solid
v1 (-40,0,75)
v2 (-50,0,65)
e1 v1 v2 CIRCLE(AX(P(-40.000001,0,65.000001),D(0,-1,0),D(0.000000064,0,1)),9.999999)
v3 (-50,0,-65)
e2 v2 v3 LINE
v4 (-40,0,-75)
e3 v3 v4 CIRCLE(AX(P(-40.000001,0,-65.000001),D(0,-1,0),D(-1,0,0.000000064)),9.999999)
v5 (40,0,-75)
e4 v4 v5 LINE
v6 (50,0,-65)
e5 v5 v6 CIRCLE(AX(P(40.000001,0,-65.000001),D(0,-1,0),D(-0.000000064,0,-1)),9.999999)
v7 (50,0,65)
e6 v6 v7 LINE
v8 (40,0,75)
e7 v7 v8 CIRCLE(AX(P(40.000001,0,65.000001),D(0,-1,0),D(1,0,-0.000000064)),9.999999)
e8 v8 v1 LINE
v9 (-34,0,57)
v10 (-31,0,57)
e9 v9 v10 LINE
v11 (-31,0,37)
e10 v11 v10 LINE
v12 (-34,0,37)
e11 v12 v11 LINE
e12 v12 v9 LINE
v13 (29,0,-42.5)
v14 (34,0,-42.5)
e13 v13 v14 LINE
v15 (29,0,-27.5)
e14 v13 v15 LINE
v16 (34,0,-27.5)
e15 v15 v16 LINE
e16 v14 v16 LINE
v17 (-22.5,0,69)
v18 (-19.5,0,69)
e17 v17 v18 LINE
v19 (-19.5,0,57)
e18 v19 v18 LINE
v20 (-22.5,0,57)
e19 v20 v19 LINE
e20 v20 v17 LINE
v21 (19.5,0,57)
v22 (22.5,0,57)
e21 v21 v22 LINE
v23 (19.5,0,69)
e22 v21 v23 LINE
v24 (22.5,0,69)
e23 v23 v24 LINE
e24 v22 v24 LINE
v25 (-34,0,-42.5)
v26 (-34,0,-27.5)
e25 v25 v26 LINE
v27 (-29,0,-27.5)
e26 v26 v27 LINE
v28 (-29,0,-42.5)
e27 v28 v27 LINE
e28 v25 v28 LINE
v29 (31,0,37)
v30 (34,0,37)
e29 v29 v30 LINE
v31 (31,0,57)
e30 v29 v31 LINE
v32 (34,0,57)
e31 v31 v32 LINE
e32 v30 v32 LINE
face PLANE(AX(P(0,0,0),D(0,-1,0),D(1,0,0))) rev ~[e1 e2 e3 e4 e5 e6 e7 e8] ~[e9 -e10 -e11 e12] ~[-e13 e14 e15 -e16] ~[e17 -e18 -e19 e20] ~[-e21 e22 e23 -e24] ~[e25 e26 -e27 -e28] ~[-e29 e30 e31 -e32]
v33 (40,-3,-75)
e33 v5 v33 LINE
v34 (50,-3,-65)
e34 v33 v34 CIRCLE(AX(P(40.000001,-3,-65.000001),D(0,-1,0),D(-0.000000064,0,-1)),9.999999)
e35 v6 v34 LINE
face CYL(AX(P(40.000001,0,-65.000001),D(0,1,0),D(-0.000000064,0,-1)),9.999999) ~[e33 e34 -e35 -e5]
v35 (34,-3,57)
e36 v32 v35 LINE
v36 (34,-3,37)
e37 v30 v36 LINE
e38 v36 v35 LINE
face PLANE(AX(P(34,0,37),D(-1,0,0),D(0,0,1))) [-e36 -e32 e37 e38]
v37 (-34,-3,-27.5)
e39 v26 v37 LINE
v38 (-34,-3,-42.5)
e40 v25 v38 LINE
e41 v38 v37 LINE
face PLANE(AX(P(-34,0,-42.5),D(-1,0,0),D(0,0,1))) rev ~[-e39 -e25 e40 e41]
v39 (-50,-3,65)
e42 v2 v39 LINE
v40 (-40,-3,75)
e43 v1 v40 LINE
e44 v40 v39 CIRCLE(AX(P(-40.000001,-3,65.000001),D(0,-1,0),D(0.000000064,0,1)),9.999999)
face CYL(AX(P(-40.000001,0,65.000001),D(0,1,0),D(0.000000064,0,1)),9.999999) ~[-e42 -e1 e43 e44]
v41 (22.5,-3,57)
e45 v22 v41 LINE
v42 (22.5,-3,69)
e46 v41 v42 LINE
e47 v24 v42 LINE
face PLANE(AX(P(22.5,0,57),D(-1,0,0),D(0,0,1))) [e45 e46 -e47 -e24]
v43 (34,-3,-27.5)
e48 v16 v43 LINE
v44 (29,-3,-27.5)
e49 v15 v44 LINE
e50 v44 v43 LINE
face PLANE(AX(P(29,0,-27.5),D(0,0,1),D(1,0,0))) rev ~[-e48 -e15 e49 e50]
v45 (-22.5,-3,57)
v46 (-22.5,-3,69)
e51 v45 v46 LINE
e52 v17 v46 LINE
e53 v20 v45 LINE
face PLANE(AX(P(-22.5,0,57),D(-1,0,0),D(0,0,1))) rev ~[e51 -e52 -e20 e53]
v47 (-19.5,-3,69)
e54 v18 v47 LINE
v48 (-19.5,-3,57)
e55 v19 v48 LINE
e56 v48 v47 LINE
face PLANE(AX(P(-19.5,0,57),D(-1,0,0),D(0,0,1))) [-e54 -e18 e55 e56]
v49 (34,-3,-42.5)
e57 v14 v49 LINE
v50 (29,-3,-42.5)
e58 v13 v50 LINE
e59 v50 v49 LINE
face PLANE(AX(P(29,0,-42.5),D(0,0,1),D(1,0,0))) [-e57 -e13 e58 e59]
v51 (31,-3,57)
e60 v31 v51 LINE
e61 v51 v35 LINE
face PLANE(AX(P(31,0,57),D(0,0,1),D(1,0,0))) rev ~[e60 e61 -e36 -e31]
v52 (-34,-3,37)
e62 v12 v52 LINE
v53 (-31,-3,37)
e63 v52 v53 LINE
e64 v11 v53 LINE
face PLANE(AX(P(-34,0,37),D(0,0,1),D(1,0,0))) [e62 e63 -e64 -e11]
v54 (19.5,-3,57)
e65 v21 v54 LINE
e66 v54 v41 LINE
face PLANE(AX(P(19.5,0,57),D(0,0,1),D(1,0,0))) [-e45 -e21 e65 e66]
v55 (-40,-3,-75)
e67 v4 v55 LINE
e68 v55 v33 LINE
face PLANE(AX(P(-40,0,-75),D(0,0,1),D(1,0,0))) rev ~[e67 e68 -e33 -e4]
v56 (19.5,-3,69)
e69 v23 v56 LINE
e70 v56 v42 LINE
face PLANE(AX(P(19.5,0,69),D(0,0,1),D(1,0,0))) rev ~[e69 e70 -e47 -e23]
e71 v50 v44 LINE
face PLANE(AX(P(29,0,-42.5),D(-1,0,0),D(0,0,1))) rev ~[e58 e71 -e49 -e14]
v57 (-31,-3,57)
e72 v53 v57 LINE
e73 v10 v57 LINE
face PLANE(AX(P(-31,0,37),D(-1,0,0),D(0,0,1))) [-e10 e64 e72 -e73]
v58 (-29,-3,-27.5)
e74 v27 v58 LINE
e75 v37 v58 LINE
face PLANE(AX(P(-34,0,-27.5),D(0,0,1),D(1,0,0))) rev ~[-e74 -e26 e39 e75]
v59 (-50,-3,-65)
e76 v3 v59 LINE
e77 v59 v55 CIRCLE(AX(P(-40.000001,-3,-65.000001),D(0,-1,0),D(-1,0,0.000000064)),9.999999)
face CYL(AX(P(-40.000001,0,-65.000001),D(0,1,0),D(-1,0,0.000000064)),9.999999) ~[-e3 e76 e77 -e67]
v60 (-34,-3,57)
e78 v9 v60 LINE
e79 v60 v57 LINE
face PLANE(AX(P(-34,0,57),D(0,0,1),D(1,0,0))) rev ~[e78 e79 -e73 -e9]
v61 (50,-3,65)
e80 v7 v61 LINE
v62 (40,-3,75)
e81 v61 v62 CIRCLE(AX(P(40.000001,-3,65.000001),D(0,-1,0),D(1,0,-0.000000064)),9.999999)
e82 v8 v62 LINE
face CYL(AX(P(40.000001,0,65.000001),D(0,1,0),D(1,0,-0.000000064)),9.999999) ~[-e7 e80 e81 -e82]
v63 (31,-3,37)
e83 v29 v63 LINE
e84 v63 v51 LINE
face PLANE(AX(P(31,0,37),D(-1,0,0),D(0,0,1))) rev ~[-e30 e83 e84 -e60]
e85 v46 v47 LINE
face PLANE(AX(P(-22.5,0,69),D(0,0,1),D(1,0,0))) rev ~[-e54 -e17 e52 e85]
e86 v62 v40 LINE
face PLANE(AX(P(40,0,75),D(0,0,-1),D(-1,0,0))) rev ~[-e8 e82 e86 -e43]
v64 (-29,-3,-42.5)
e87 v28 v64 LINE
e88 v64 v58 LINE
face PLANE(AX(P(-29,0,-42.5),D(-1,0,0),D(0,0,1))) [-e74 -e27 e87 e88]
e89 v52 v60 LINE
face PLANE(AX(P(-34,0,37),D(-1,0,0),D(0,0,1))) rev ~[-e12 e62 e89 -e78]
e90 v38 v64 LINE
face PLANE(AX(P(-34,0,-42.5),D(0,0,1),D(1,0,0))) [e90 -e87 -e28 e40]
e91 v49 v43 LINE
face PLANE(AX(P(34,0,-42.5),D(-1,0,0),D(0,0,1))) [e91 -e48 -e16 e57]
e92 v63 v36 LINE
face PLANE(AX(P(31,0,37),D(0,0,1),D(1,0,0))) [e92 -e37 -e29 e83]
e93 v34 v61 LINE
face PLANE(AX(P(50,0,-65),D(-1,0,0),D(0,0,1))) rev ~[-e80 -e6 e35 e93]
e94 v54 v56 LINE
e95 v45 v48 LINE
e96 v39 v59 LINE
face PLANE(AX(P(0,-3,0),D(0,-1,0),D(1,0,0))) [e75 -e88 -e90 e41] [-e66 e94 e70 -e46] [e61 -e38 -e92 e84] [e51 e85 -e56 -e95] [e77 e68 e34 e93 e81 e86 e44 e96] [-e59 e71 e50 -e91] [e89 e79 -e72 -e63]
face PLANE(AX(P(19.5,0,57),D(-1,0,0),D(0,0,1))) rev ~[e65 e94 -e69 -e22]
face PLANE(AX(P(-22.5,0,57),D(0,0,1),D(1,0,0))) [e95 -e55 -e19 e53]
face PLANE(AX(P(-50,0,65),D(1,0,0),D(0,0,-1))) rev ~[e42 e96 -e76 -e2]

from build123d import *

# Parameters (mm, degrees)
F0_W     = 5
F0_H     = 15
F0_W_2   = 3
F0_H_2   = 20
F0_H_3   = 12
F1_DEPTH = 3


with BuildPart() as f1:
    # F0 (on Front) → F1 (new body)
    with BuildSketch(Plane.XZ):
        with BuildLine():
            ThreePointArc((50, 65), (47.071068, 72.071068), (40, 75))
            Line((40, 75), (-40, 75))
            ThreePointArc((-40, 75), (-47.071068, 72.071068), (-50, 65))
            Line((-50, 65), (-50, -65))
            ThreePointArc((-50, -65), (-47.071068, -72.071068), (-40, -75))
            Line((-40, -75), (40, -75))
            ThreePointArc((40, -75), (47.071068, -72.071068), (50, -65))
            Line((50, -65), (50, 65))
        make_face()
        with Locations((-31.5, -35)):
            Rectangle(F0_W, F0_H, mode=Mode.SUBTRACT)
        with Locations((31.5, -35)):
            Rectangle(F0_W, F0_H, mode=Mode.SUBTRACT)
        with Locations((-32.5, 47)):
            Rectangle(F0_W_2, F0_H_2, mode=Mode.SUBTRACT)
        with Locations((-21, 63)):
            Rectangle(F0_W_2, F0_H_3, mode=Mode.SUBTRACT)
        with Locations((21, 63)):
            Rectangle(F0_W_2, F0_H_3, mode=Mode.SUBTRACT)
        with Locations((32.5, 47)):
            Rectangle(F0_W_2, F0_H_2, mode=Mode.SUBTRACT)
    extrude(amount=F1_DEPTH)


solid = f1.part
